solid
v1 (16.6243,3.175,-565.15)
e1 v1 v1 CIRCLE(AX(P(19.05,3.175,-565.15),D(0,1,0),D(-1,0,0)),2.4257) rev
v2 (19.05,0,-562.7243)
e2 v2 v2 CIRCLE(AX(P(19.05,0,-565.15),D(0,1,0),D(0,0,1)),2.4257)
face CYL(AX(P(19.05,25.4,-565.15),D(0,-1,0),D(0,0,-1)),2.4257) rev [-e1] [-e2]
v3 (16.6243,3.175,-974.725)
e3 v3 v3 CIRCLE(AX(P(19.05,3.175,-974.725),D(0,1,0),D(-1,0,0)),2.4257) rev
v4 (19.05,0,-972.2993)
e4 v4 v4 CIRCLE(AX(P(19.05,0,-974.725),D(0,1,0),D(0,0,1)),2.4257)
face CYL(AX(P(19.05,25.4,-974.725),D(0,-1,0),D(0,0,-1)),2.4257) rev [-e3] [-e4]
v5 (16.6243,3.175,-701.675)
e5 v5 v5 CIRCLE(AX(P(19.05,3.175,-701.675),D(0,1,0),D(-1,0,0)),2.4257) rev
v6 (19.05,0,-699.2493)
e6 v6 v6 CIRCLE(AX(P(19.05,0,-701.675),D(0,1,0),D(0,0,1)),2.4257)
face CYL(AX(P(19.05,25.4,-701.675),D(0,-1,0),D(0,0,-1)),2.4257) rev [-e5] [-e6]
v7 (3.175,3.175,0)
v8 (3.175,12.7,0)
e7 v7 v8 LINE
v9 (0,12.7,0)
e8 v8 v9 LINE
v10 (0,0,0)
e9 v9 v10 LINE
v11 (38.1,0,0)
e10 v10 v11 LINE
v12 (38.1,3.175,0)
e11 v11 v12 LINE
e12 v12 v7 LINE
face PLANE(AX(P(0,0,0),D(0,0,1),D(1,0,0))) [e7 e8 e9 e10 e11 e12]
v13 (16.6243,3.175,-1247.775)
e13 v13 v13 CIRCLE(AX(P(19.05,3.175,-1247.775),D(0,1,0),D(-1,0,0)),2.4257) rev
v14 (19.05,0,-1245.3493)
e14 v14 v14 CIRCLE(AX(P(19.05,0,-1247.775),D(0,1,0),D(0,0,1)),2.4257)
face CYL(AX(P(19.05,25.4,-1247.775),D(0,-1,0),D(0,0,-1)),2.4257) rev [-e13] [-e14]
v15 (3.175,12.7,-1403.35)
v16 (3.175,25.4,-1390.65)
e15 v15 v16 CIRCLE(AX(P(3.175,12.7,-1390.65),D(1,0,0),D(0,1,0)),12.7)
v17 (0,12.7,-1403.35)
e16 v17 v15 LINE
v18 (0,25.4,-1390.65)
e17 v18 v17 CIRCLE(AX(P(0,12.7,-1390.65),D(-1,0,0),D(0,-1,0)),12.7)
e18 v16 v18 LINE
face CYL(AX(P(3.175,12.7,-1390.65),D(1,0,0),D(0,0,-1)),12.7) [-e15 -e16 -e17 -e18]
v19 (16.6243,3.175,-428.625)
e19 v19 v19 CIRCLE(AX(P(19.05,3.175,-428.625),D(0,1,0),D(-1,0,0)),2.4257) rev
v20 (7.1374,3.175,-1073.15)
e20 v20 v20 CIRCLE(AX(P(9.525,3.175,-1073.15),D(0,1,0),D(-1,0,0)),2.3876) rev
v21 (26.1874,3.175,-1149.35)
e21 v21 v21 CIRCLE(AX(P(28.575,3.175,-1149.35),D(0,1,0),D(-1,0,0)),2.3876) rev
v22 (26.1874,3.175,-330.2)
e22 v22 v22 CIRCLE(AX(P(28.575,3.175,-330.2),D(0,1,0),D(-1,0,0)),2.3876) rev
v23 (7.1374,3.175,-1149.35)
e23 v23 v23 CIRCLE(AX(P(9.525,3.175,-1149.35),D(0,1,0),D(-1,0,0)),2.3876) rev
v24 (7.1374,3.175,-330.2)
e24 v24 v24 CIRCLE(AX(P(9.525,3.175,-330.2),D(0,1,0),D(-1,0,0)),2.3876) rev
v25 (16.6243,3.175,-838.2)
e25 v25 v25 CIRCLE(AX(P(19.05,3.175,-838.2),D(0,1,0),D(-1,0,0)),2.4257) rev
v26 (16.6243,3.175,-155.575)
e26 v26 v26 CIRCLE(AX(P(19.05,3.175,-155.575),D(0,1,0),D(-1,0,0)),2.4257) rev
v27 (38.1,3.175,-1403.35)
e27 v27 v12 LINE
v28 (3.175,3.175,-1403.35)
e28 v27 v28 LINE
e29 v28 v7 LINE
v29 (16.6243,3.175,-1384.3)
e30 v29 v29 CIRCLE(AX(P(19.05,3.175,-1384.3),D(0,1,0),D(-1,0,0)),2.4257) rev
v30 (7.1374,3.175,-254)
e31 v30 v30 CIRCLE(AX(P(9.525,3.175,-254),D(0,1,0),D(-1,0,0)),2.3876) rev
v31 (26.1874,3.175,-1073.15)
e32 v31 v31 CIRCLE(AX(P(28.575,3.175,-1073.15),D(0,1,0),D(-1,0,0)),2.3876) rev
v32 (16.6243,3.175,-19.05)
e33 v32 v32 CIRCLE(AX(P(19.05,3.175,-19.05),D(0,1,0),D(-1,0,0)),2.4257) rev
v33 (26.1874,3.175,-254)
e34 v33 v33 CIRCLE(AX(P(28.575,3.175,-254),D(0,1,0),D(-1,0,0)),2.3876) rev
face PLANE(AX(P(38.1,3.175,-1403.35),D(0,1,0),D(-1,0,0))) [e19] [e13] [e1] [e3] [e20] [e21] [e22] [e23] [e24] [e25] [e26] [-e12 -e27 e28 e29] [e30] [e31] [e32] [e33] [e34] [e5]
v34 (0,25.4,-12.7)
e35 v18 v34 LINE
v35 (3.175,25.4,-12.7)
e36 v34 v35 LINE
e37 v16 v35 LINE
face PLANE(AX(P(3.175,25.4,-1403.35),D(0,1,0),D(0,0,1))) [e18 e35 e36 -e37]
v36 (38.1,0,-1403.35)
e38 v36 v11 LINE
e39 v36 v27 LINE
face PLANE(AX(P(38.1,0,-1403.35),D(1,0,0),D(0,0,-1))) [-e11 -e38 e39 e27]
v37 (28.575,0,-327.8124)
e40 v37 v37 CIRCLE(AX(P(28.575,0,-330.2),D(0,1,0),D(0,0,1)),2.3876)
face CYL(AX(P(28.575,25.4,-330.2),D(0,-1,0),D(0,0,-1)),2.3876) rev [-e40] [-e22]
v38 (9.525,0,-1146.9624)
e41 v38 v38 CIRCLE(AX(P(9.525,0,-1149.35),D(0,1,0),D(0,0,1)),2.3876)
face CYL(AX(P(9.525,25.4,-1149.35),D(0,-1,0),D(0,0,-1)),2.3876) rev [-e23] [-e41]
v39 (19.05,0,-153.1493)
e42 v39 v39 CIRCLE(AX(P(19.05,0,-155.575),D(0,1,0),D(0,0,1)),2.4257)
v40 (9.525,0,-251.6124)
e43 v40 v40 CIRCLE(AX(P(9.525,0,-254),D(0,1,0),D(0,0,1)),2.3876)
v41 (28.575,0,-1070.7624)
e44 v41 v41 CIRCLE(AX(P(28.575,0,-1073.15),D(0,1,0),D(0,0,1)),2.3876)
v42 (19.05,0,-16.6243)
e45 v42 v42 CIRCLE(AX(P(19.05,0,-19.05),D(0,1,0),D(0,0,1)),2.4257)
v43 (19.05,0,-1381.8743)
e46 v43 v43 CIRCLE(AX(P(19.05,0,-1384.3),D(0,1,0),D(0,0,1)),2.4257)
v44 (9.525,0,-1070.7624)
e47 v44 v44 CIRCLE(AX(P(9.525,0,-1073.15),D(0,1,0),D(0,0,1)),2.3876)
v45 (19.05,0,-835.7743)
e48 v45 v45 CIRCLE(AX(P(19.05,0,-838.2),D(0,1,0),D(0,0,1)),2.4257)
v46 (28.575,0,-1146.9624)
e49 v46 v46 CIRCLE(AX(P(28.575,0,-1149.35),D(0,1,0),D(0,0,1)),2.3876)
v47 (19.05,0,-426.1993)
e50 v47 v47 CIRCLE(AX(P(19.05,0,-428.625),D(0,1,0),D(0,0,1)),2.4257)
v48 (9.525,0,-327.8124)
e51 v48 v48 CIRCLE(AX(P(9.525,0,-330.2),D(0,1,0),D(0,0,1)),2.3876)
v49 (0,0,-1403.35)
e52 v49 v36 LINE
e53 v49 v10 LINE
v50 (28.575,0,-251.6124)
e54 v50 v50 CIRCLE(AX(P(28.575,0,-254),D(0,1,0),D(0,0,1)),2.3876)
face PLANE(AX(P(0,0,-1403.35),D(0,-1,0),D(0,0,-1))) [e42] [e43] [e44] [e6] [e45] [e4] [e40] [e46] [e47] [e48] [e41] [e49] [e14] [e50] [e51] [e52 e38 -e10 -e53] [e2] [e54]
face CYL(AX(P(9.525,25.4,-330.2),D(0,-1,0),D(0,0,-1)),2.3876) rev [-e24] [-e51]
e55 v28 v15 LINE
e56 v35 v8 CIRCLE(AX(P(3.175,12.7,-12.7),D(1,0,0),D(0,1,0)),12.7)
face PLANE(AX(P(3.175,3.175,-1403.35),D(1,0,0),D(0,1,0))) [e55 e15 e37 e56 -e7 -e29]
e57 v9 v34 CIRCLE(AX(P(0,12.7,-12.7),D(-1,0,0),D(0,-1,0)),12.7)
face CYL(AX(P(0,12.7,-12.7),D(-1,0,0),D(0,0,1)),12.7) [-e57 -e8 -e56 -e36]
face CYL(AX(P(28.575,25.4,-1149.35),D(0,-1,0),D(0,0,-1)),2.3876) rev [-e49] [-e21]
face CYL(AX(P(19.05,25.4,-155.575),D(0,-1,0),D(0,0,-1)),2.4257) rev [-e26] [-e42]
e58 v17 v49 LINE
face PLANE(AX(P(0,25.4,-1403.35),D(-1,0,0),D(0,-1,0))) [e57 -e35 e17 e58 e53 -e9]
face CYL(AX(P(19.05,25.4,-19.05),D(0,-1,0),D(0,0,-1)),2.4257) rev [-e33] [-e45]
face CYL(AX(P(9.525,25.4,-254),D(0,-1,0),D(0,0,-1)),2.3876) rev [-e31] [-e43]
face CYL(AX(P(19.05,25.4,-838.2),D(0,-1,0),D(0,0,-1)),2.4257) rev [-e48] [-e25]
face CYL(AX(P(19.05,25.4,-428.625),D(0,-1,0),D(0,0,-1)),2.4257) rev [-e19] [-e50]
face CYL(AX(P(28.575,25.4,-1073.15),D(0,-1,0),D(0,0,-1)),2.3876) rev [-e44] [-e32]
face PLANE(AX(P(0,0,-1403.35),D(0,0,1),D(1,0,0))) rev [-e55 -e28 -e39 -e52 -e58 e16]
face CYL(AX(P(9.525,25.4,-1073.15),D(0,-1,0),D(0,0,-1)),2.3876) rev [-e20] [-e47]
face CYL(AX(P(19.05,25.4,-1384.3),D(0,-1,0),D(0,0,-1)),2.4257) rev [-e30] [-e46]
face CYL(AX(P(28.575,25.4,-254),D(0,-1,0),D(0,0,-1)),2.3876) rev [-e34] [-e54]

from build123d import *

# Parameters (mm, degrees)
EXTRUDE1_DEPTH     = 1403.35
SKETCH2_R          = 2.3876
SKETCH2_R_2        = 2.4257
CUT_EXTRUDE1_DEPTH = 1405.096860085
FILLET1_R          = 12.7


with BuildPart() as part:
    # Sketch1 → Extrude1 (new body)
    with BuildSketch(Plane.XY):
        Polygon((0, 0), (38.1, 0), (38.1, 3.175), (3.175, 3.175), (3.175, 25.4), (0, 25.4), align=None)
    extrude(amount=-EXTRUDE1_DEPTH)

    # Sketch2 → Cut-Extrude1 (cut, through all)
    with BuildSketch(Plane(origin=(0, 0, 0), x_dir=(1, 0, 0), z_dir=(0, 1, 0))):
        with Locations(Location((9.525, 254, 0), (0, 0, 180))):
            Circle(SKETCH2_R)
        with Locations(Location((28.575, 254, 0), (0, 0, 180))):
            Circle(SKETCH2_R)
        with Locations(Location((9.525, 1073.15, 0), (0, 0, 180))):
            Circle(SKETCH2_R)
        with Locations(Location((28.575, 1073.15, 0), (0, 0, 180))):
            Circle(SKETCH2_R)
        with Locations(Location((19.05, 19.05, 0), (0, 0, 180))):
            Circle(SKETCH2_R_2)
        with Locations(Location((19.05, 155.575, 0), (0, 0, 180))):
            Circle(SKETCH2_R_2)
        with Locations(Location((19.05, 428.625, 0), (0, 0, 180))):
            Circle(SKETCH2_R_2)
        with Locations(Location((19.05, 565.15, 0), (0, 0, 180))):
            Circle(SKETCH2_R_2)
        with Locations(Location((19.05, 701.675, 0), (0, 0, 180))):
            Circle(SKETCH2_R_2)
        with Locations(Location((19.05, 838.2, 0), (0, 0, 180))):
            Circle(SKETCH2_R_2)
        with Locations(Location((19.05, 974.725, 0), (0, 0, 180))):
            Circle(SKETCH2_R_2)
        with Locations(Location((19.05, 1247.775, 0), (0, 0, 180))):
            Circle(SKETCH2_R_2)
        with Locations(Location((19.05, 1384.3, 0), (0, 0, 180))):
            Circle(SKETCH2_R_2)
        with Locations(Location((28.575, 330.2, 0), (0, 0, 180))):
            Circle(SKETCH2_R)
        with Locations(Location((9.525, 330.2, 0), (0, 0, 180))):
            Circle(SKETCH2_R)
        with Locations(Location((28.575, 1149.35, 0), (0, 0, 180))):
            Circle(SKETCH2_R)
        with Locations(Location((9.525, 1149.35, 0), (0, 0, 180))):
            Circle(SKETCH2_R)
    extrude(amount=CUT_EXTRUDE1_DEPTH, mode=Mode.SUBTRACT)

    # Fillet1
    fillet1_edges = [part.edges().sort_by_distance(p)[0] for p in [
        (1.5875, 25.4, -1403.35),
        (1.5875, 25.4, 0),
    ]]
    fillet(fillet1_edges, radius=FILLET1_R)


solid = part.part
